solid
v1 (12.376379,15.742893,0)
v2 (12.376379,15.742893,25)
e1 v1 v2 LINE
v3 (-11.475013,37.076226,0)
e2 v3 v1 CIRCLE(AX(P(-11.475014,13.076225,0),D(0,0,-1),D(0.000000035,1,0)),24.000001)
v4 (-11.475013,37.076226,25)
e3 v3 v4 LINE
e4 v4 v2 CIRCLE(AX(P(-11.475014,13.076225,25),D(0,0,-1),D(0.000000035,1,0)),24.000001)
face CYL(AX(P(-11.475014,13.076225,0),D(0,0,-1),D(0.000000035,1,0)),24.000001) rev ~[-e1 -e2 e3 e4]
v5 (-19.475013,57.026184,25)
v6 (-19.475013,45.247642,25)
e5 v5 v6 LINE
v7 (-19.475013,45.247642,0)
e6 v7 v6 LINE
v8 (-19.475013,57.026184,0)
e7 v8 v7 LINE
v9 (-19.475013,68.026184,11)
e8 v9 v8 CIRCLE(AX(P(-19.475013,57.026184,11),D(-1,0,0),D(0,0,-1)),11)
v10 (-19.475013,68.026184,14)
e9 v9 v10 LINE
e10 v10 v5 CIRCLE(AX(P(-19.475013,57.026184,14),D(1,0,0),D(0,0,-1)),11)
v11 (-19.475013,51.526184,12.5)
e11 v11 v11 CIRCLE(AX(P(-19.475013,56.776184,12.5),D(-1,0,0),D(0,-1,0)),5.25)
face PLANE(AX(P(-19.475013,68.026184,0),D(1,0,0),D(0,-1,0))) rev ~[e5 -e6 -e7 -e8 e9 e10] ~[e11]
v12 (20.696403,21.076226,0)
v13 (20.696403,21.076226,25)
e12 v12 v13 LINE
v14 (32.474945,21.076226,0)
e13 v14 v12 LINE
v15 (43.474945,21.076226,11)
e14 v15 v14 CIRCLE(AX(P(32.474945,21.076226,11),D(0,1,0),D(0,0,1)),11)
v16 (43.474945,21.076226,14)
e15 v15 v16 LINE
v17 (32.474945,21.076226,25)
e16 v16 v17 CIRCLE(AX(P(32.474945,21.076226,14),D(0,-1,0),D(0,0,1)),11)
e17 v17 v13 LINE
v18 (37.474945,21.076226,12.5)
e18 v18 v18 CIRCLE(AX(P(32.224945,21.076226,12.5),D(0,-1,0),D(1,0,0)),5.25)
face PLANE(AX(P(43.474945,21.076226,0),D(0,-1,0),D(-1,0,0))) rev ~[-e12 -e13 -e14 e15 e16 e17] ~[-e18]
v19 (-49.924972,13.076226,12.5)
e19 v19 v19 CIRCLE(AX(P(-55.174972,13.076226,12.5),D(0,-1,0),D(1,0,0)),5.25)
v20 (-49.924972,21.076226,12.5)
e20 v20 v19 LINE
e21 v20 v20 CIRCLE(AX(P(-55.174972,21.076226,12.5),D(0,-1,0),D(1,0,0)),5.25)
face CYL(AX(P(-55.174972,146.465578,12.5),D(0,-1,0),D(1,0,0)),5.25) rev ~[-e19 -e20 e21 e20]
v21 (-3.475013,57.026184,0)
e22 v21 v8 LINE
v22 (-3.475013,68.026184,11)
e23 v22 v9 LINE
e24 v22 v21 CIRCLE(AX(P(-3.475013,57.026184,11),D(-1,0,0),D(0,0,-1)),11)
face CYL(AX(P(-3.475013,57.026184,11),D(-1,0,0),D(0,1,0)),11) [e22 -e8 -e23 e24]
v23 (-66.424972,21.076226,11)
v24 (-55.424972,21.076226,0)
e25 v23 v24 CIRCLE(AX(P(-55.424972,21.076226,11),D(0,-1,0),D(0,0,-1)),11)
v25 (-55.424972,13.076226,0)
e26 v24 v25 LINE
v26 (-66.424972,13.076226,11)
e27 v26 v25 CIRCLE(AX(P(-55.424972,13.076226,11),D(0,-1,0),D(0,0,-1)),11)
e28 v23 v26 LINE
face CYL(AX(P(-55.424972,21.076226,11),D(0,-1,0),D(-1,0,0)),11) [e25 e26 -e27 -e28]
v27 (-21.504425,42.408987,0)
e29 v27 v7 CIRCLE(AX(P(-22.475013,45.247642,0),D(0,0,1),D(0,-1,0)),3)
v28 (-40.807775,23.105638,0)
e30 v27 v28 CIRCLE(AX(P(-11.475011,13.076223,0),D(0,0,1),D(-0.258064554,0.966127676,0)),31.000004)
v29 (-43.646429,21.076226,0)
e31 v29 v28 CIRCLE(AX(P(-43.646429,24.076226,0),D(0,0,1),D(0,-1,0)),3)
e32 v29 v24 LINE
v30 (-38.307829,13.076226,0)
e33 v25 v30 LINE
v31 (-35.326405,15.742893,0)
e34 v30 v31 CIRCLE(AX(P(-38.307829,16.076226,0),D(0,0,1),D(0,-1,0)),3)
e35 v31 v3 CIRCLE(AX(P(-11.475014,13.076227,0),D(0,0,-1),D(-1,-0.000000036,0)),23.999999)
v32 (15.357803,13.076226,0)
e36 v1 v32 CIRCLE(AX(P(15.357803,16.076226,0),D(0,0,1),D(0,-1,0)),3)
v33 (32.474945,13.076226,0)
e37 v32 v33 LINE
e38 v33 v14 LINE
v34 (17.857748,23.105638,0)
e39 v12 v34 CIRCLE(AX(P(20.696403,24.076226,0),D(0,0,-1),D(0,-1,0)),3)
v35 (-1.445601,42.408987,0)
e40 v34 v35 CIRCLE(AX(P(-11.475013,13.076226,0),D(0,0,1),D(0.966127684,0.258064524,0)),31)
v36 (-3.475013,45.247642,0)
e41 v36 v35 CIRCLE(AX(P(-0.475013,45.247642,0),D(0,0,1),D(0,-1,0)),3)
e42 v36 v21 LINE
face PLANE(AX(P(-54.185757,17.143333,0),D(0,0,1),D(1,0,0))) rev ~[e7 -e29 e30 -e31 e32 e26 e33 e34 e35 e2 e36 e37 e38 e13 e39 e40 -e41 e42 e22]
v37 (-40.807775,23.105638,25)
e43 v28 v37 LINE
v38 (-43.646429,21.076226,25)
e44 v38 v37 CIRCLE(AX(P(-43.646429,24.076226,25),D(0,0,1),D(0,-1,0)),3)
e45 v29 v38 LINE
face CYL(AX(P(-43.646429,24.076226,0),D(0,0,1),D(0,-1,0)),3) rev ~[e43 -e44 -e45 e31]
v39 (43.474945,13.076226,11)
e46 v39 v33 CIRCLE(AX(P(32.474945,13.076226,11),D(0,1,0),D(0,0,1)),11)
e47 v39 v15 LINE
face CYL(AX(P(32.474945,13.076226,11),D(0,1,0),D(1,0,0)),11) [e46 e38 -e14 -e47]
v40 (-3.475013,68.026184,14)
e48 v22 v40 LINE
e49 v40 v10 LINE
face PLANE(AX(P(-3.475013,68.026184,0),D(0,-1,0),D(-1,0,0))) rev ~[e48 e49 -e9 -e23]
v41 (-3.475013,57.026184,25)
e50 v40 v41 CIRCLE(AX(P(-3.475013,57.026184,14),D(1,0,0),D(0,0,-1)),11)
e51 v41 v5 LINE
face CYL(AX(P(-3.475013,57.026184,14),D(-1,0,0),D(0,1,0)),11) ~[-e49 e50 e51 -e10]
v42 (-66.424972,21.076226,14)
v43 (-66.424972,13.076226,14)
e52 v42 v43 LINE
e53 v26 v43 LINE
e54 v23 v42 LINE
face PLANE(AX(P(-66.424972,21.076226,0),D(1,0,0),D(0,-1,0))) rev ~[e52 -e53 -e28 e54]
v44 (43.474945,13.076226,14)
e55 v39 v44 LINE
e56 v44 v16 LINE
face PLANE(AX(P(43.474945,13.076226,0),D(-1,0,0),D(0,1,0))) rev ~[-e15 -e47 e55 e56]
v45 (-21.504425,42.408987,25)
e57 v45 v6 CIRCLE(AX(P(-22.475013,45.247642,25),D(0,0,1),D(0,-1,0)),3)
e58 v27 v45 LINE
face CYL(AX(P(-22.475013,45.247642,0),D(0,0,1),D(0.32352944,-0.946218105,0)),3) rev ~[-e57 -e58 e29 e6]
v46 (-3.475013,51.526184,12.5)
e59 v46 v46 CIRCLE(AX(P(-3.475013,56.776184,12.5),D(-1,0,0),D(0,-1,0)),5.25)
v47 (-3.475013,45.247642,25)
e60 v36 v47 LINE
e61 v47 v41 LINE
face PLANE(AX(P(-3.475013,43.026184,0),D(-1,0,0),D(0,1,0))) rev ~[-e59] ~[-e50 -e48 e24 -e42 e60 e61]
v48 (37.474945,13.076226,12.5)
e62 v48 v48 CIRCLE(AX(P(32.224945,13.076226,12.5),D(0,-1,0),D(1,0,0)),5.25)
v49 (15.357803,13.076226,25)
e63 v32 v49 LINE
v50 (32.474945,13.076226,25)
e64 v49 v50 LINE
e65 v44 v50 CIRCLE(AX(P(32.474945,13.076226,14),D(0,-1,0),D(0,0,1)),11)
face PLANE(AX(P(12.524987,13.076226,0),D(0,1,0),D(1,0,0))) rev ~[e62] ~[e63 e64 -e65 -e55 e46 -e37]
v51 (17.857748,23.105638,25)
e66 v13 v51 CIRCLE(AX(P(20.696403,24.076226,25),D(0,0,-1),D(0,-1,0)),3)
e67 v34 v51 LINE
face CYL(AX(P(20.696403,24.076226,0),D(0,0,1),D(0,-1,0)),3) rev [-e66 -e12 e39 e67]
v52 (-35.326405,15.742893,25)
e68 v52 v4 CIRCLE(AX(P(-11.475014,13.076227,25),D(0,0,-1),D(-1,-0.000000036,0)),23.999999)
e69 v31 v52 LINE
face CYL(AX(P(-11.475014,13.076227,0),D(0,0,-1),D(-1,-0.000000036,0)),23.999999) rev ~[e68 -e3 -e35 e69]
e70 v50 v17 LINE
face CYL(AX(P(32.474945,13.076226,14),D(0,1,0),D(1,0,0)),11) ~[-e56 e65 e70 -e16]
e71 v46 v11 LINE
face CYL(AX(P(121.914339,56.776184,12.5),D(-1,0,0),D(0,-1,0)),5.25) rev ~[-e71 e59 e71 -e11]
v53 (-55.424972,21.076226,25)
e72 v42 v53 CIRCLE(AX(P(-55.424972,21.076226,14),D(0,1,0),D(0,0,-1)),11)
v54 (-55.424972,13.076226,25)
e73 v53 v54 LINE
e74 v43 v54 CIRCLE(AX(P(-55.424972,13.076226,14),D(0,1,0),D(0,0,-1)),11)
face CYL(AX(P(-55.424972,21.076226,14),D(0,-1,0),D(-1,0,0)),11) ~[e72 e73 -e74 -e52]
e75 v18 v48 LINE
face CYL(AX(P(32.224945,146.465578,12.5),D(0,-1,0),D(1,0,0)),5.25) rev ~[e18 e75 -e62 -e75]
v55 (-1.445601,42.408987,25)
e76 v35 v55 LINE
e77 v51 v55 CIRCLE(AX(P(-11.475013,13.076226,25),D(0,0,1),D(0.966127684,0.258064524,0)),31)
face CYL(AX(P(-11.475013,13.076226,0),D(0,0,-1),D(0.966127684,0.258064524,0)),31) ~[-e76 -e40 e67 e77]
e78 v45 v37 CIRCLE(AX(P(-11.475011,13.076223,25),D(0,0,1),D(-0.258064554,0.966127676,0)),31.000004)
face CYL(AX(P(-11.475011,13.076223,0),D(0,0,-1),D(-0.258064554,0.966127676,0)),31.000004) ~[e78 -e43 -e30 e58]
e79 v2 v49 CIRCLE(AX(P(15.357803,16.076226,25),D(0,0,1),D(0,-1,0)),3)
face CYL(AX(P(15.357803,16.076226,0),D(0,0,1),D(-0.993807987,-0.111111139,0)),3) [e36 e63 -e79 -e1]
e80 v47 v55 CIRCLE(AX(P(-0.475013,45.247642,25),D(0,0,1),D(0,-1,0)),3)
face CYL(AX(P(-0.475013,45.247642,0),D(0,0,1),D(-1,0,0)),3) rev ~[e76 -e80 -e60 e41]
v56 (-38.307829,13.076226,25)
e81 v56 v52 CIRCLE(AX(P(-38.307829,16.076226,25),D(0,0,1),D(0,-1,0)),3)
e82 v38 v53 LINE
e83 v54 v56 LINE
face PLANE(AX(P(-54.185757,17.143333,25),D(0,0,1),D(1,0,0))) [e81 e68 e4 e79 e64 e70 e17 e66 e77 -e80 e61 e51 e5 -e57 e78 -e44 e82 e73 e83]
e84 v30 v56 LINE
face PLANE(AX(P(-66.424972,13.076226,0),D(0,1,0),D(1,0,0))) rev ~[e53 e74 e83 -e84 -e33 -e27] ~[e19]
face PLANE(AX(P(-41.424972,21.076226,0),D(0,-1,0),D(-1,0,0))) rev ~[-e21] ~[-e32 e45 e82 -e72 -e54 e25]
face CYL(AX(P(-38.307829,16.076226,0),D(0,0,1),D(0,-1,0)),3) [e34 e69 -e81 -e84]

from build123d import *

# Parameters (mm, degrees)
F1_DEPTH = 25
F2_R     = 11
F3_R     = 3
F4_R     = 3
F6_D     = 10.5
F8_D     = 10.5


with BuildPart() as f1:
    # F0 (on Top) → F1 (new body)
    with BuildSketch(Plane.XY):
        with BuildLine():
            ThreePointArc((-42.475013, 13.076226), (-42.211382, 17.110535), (-41.424972, 21.076226))
            Line((-41.424972, 21.076226), (-66.424972, 21.076226))
            Line((-66.424972, 21.076226), (-66.424972, 13.076226))
            Line((-66.424972, 13.076226), (-42.475013, 13.076226))
        make_face()
        with BuildLine():
            Line((43.474945, 21.076226), (18.474945, 21.076226))
            ThreePointArc((18.474945, 21.076226), (19.261355, 17.110535), (19.524987, 13.076226))
            Line((19.524987, 13.076226), (43.474945, 13.076226))
            Line((43.474945, 13.076226), (43.474945, 21.076226))
        make_face()
        with BuildLine():
            ThreePointArc((-3.475013, 43.026184), (-7.440705, 43.812595), (-11.475013, 44.076226))
            ThreePointArc((-11.475013, 44.076226), (-15.509322, 43.812595), (-19.475013, 43.026184))
            ThreePointArc((-19.475013, 43.026184), (-33.395323, 34.996536), (-41.424972, 21.076226))
            ThreePointArc((-41.424972, 21.076226), (-42.211382, 17.110535), (-42.475013, 13.076226))
            Line((-42.475013, 13.076226), (-35.475013, 13.076226))
            ThreePointArc((-35.475013, 13.076226), (-28.445576, 30.046789), (-11.475013, 37.076226))
            ThreePointArc((-11.475013, 37.076226), (5.495549, 30.046789), (12.524987, 13.076226))
            Line((12.524987, 13.076226), (19.524987, 13.076226))
            ThreePointArc((19.524987, 13.076226), (19.261355, 17.110535), (18.474945, 21.076226))
            ThreePointArc((18.474945, 21.076226), (10.445297, 34.996536), (-3.475013, 43.026184))
        make_face()
        with BuildLine():
            ThreePointArc((-19.475013, 43.026184), (-15.509322, 43.812595), (-11.475013, 44.076226))
            ThreePointArc((-11.475013, 44.076226), (-7.440705, 43.812595), (-3.475013, 43.026184))
            Line((-3.475013, 43.026184), (-3.475013, 68.026184))
            Line((-3.475013, 68.026184), (-19.475013, 68.026184))
            Line((-19.475013, 68.026184), (-19.475013, 43.026184))
        make_face()
    extrude(amount=F1_DEPTH)

    # F2
    f2_edges = [f1.edges().sort_by_distance(p)[0] for p in [
        (43.474945, 17.076226, 0),
        (43.474945, 17.076226, 25),
        (-66.424972, 17.076226, 25),
        (-66.424972, 17.076226, 0),
        (-11.475013, 68.026184, 0),
        (-11.475013, 68.026184, 25),
    ]]
    fillet(f2_edges, radius=F2_R)

    # F3
    f3_edges = [f1.edges().sort_by_distance(p)[0] for p in [
        (-35.475013, 13.076226, 12.5),
        (12.524987, 13.076226, 12.5),
    ]]
    fillet(f3_edges, radius=F3_R)

    # F4
    f4_edges = [f1.edges().sort_by_distance(p)[0] for p in [
        (-41.424972, 21.076226, 12.5),
        (18.474945, 21.076226, 12.5),
        (-3.475013, 43.026184, 12.5),
        (-19.475013, 43.026184, 12.5),
    ]]
    fillet(f4_edges, radius=F4_R)

    # F6 (through all)
    with Locations(Plane(origin=(0, 21.076226, 0), x_dir=(-1, 0, 0), z_dir=(0, 1, 0))):
        with Locations((55.174972, 12.5), (-32.224945, 12.5)):
            Hole(F6_D / 2)

    # F8 (through all)
    with Locations(Plane.YZ.offset(-3.475013)):
        with Locations((56.776184, 12.5)):
            Hole(F8_D / 2)


solid = f1.part
